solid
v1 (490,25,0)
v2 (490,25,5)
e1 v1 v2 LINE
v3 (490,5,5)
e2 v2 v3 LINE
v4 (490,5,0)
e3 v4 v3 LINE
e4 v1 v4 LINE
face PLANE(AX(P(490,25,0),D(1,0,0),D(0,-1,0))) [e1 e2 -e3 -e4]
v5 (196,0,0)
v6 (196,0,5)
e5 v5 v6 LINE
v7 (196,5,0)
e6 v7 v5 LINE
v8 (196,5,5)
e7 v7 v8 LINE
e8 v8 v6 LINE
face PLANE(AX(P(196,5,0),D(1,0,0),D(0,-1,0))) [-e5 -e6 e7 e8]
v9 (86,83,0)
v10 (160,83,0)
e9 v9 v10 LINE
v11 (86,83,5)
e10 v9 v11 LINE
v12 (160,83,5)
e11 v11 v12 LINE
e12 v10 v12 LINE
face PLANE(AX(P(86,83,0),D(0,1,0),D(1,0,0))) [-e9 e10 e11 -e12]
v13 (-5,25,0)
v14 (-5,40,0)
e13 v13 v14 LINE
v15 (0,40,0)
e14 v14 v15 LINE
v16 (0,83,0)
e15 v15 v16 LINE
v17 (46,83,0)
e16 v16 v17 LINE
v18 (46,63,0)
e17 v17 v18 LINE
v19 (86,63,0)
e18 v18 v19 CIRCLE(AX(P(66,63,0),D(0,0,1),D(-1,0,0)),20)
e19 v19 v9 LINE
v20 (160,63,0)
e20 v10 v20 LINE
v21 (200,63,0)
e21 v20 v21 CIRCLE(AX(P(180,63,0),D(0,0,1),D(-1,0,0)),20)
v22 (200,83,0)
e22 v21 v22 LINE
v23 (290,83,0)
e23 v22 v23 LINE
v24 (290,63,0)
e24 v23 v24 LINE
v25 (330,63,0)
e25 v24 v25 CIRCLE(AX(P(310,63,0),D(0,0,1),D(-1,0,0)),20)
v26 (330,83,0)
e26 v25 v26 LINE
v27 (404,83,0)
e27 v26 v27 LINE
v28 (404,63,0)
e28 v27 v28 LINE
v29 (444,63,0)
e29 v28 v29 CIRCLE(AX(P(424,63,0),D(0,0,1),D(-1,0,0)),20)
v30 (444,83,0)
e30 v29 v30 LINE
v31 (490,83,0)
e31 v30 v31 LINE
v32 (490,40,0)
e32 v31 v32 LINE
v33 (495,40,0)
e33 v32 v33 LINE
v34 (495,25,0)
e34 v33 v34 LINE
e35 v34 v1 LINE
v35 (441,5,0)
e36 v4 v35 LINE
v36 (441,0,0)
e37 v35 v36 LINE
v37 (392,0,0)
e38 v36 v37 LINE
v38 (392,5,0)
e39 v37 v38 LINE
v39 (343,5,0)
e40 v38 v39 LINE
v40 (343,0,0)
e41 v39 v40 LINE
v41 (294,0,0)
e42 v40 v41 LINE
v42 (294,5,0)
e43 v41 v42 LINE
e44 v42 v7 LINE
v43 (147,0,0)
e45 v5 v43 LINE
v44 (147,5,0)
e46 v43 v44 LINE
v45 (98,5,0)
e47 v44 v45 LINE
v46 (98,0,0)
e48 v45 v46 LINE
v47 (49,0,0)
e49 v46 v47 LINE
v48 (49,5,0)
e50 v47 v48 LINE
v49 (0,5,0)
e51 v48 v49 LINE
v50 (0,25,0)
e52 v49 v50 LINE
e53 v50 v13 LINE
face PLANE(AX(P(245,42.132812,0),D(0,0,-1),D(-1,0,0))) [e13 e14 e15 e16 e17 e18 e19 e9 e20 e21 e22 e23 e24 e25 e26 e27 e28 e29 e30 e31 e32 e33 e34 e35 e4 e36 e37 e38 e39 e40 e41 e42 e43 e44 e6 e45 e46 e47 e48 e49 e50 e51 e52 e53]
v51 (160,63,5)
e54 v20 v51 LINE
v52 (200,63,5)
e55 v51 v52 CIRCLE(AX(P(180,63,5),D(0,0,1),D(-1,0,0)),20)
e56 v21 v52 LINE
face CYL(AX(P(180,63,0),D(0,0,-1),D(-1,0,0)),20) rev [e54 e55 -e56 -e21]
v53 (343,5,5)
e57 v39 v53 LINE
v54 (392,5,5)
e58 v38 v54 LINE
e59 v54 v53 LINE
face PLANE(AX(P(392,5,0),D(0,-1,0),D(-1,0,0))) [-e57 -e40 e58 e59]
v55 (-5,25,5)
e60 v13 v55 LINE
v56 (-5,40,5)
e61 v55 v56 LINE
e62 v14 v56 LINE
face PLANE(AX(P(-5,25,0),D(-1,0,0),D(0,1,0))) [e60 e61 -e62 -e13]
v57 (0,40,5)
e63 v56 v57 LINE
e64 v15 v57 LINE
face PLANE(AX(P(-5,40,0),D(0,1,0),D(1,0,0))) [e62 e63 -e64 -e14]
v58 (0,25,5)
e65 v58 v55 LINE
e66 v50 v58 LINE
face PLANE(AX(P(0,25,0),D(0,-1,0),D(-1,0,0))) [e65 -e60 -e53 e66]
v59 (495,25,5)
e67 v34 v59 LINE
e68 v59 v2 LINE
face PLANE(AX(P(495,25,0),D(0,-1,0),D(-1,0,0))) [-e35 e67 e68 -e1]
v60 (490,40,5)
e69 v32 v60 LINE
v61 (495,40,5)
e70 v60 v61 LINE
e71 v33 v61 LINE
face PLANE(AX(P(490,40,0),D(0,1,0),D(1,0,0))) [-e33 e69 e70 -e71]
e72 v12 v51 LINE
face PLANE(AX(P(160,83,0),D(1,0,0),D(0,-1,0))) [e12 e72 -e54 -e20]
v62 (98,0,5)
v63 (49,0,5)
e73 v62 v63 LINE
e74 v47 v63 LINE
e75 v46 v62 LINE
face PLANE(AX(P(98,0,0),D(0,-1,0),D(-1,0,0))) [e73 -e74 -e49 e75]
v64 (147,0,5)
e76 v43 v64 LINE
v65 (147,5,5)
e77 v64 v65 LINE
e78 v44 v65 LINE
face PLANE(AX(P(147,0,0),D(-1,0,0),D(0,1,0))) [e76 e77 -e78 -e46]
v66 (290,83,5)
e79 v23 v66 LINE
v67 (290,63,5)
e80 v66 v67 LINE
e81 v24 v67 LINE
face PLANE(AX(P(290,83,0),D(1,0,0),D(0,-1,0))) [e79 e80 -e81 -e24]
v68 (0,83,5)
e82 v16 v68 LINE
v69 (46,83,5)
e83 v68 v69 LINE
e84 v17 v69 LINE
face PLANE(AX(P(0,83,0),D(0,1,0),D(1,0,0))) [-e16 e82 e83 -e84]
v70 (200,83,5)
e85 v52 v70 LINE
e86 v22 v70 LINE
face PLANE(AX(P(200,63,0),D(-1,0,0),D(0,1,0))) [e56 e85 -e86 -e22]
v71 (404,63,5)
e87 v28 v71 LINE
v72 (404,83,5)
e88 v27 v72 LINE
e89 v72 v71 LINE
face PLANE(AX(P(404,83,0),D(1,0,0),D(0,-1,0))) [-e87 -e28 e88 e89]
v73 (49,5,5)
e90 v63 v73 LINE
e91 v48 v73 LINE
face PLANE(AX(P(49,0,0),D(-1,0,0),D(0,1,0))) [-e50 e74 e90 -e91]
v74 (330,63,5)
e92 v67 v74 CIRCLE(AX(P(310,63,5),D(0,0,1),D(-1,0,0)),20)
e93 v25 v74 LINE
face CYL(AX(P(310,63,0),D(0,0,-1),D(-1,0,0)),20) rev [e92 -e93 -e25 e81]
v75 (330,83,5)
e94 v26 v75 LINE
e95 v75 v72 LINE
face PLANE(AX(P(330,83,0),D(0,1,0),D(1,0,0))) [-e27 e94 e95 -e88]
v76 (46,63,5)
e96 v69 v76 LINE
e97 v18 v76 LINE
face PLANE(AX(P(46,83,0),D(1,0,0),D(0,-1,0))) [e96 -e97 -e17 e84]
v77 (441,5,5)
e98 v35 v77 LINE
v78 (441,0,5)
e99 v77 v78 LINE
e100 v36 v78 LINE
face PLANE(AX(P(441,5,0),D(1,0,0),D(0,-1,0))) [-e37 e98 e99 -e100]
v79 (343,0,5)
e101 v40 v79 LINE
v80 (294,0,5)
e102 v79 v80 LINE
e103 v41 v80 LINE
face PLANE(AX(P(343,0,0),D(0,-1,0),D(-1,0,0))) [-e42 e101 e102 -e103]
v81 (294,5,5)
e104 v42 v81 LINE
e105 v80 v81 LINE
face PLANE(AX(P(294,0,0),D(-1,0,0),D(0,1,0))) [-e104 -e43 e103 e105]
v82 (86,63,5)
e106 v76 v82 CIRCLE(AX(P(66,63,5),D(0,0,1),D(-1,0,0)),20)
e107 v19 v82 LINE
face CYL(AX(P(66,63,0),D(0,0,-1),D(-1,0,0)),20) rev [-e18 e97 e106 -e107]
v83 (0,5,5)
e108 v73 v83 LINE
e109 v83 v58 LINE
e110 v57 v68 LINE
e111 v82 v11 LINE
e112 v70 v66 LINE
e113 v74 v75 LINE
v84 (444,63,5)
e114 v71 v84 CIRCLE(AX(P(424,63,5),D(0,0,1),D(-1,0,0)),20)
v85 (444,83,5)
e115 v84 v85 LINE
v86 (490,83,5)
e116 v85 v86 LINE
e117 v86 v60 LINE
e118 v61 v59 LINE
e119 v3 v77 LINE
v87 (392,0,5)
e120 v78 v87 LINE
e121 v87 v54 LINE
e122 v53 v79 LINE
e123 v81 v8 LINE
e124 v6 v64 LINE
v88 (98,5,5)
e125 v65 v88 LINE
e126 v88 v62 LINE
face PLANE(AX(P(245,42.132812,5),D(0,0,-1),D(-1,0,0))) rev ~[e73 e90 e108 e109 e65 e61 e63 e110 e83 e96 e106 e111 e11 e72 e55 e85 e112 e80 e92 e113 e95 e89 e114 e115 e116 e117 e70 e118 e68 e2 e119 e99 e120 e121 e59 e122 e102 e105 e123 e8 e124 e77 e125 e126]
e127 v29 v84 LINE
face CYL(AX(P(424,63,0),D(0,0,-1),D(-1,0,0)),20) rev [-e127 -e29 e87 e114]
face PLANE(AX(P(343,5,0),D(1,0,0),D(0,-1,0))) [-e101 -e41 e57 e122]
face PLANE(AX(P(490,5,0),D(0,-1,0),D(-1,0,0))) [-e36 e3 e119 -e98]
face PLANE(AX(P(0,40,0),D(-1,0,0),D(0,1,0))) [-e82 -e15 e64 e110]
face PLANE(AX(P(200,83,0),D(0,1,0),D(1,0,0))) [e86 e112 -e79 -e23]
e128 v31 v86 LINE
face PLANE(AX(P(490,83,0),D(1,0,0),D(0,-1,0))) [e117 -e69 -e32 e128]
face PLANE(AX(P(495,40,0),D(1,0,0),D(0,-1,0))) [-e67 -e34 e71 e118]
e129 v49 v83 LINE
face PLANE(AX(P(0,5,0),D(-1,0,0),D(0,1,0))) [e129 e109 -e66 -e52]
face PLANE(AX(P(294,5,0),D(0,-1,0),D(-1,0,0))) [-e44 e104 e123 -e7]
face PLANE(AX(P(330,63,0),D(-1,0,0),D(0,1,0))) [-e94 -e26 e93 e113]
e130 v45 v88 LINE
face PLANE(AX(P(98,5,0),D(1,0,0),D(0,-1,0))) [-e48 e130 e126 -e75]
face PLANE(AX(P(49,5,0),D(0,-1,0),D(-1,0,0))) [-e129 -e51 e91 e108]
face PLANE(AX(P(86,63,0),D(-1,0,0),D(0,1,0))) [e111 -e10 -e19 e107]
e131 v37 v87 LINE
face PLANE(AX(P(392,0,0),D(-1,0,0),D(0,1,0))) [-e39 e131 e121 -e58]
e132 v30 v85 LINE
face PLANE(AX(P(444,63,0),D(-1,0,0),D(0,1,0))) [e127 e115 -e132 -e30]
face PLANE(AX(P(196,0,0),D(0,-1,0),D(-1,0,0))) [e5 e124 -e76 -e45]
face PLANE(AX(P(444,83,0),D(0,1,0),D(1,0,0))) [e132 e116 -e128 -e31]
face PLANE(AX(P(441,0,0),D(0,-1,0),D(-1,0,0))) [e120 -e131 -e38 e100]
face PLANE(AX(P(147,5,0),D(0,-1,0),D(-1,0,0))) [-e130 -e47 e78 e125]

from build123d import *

# Parameters (mm, degrees)
BOSS_EXTRU_1_DEPTH = 5


with BuildPart() as part:
    # Esquisse1 → Boss.-Extru.1 (new body)
    with BuildSketch(Plane.XY):
        with BuildLine():
            Line((0, 40), (0, 83))
            Line((0, 83), (46, 83))
            Line((46, 83), (46, 63))
            ThreePointArc((46, 63), (66, 43), (86, 63))
            Line((86, 63), (86, 83))
            Line((86, 83), (160, 83))
            Line((160, 83), (160, 63))
            ThreePointArc((160, 63), (180, 43), (200, 63))
            Line((200, 63), (200, 83))
            Line((200, 83), (290, 83))
            Line((290, 83), (290, 63))
            ThreePointArc((290, 63), (310, 43), (330, 63))
            Line((330, 63), (330, 83))
            Line((330, 83), (404, 83))
            Line((404, 83), (404, 63))
            ThreePointArc((404, 63), (424, 43), (444, 63))
            Line((444, 63), (444, 83))
            Line((444, 83), (490, 83))
            Line((490, 83), (490, 40))
            Line((490, 40), (495, 40))
            Line((495, 40), (495, 25))
            Line((495, 25), (490, 25))
            Line((490, 25), (490, 5))
            Line((490, 5), (441, 5))
            Line((441, 5), (441, 0))
            Line((441, 0), (392, 0))
            Line((392, 0), (392, 5))
            Line((392, 5), (343, 5))
            Line((343, 5), (343, 0))
            Line((343, 0), (294, 0))
            Line((294, 0), (294, 5))
            Line((294, 5), (245, 5))
            Line((245, 5), (196, 5))
            Line((196, 5), (196, 0))
            Line((196, 0), (147, 0))
            Line((147, 0), (147, 5))
            Line((147, 5), (98, 5))
            Line((98, 5), (98, 0))
            Line((98, 0), (49, 0))
            Line((49, 0), (49, 5))
            Line((49, 5), (0, 5))
            Line((0, 5), (0, 25))
            Line((0, 25), (-5, 25))
            Line((-5, 25), (-5, 40))
            Line((-5, 40), (0, 40))
        make_face()
    extrude(amount=BOSS_EXTRU_1_DEPTH)


solid = part.part
